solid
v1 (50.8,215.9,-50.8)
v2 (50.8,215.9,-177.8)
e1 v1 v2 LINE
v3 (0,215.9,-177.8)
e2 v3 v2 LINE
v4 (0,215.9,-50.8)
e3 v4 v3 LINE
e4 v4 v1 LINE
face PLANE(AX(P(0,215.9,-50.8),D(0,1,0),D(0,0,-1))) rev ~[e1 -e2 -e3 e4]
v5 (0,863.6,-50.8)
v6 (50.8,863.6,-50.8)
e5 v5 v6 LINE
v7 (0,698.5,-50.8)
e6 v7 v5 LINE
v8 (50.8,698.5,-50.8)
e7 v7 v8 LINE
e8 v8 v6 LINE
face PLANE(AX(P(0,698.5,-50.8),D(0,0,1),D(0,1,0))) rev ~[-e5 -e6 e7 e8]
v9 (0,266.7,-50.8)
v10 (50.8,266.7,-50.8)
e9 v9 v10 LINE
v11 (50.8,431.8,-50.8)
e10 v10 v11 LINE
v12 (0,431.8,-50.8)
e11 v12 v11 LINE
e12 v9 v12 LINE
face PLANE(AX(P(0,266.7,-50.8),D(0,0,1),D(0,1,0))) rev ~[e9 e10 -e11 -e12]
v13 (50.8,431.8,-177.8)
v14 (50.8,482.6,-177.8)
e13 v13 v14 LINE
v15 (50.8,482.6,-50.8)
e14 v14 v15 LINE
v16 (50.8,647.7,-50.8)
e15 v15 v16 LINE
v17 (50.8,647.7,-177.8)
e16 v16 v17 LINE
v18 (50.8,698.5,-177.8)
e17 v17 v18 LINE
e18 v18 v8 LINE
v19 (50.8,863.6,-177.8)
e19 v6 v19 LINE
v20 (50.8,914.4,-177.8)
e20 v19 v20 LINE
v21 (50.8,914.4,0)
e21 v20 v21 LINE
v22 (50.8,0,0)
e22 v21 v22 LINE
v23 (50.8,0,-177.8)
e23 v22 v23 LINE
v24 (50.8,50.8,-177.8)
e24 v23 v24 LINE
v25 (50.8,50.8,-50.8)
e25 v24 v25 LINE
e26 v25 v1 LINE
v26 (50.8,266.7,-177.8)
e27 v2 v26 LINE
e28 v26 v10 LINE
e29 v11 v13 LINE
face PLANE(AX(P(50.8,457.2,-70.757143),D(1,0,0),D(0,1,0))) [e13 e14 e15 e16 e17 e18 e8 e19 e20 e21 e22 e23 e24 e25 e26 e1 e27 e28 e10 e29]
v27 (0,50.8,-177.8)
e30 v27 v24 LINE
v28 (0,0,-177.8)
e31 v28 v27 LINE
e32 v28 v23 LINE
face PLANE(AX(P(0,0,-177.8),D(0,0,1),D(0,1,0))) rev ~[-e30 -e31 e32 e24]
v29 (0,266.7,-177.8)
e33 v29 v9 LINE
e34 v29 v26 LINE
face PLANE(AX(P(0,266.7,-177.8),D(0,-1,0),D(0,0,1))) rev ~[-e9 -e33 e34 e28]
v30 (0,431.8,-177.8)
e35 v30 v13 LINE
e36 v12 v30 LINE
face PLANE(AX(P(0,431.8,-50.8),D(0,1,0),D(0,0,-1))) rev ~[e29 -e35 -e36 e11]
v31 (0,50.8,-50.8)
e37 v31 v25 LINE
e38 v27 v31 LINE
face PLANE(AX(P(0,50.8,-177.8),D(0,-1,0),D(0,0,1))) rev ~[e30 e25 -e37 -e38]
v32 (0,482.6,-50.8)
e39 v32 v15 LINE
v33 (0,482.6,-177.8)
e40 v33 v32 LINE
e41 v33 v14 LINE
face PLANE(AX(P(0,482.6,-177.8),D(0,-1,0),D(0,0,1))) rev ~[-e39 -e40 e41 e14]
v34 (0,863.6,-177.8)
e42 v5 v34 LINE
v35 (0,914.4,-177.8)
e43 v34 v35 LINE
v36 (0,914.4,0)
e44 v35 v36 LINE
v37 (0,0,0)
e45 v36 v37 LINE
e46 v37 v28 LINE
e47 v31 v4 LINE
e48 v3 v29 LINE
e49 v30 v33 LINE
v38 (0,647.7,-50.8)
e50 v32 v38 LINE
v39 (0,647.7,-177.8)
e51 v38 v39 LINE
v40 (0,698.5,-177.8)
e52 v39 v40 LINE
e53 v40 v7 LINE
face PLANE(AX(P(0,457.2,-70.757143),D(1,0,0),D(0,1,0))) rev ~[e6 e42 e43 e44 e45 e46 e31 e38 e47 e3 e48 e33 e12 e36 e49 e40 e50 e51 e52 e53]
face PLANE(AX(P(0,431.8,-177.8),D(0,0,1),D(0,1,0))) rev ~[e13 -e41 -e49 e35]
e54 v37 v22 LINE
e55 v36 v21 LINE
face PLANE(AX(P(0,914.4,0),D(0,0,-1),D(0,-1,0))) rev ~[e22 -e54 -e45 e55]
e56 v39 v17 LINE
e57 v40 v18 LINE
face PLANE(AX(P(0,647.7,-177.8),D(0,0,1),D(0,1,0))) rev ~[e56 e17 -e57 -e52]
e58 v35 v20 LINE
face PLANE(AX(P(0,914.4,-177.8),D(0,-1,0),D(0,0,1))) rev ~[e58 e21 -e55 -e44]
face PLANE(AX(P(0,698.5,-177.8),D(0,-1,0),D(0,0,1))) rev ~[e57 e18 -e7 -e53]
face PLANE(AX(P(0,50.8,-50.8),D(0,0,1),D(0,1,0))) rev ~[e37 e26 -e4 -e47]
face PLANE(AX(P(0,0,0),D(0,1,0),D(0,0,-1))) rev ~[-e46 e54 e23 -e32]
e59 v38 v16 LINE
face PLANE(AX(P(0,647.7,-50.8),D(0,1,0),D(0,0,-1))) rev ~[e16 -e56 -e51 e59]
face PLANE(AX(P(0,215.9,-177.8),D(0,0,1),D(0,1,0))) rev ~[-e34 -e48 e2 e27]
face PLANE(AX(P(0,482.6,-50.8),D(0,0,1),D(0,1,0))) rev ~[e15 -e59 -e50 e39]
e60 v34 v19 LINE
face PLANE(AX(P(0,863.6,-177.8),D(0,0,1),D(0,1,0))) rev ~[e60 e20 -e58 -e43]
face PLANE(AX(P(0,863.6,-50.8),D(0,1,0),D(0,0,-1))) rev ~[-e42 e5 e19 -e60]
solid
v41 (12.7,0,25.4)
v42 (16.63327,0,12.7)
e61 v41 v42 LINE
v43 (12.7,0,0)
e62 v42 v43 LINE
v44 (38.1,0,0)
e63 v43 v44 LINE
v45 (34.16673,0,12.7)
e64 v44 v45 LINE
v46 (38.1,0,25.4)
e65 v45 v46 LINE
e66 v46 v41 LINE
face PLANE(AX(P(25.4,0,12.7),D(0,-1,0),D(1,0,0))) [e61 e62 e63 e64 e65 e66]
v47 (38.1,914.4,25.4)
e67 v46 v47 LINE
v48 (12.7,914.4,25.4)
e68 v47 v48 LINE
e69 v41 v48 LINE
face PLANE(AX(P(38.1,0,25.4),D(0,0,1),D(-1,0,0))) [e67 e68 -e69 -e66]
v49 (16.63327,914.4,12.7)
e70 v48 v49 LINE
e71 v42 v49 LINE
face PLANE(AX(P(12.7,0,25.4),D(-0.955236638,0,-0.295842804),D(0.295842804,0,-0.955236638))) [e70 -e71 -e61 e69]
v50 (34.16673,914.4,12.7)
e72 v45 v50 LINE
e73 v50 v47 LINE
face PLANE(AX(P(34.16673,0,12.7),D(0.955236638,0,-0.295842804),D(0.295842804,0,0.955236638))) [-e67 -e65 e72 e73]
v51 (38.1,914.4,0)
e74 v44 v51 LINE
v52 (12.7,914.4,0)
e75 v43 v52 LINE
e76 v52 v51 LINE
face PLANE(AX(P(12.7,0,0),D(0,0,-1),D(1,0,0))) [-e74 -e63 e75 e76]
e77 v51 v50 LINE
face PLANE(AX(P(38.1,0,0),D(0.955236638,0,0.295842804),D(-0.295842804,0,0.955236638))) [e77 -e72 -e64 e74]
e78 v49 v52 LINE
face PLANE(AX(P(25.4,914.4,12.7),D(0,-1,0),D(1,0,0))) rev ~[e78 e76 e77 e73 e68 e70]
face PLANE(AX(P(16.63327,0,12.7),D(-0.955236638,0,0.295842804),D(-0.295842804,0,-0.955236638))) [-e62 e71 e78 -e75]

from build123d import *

# Parameters (mm, degrees)
F1_DEPTH = 50.8
F3_DEPTH = 914.4


with BuildPart() as f1:
    # F0 (on Right) → F1 (new body)
    with BuildSketch(Plane.YZ):
        Polygon((914.4, 0), (0, 0), (0, -177.8), (50.8, -177.8), (50.8, -50.8), (215.9, -50.8), (215.9, -177.8), (266.7, -177.8), (266.7, -50.8), (431.8, -50.8), (431.8, -177.8), (482.6, -177.8), (482.6, -50.8), (647.7, -50.8), (647.7, -177.8), (698.5, -177.8), (698.5, -50.8), (863.6, -50.8), (863.6, -177.8), (914.4, -177.8), align=None)
    extrude(amount=F1_DEPTH)


with BuildPart() as f3:
    # F2 (on Front) → F3 (new body)
    with BuildSketch(Plane.XZ):
        Polygon((16.63327, 12.7), (12.7, 0), (38.1, 0), (34.16673, 12.7), (38.1, 25.4), (12.7, 25.4), align=None)
    extrude(amount=-F3_DEPTH)


solid = Compound([f1.part, f3.part])
